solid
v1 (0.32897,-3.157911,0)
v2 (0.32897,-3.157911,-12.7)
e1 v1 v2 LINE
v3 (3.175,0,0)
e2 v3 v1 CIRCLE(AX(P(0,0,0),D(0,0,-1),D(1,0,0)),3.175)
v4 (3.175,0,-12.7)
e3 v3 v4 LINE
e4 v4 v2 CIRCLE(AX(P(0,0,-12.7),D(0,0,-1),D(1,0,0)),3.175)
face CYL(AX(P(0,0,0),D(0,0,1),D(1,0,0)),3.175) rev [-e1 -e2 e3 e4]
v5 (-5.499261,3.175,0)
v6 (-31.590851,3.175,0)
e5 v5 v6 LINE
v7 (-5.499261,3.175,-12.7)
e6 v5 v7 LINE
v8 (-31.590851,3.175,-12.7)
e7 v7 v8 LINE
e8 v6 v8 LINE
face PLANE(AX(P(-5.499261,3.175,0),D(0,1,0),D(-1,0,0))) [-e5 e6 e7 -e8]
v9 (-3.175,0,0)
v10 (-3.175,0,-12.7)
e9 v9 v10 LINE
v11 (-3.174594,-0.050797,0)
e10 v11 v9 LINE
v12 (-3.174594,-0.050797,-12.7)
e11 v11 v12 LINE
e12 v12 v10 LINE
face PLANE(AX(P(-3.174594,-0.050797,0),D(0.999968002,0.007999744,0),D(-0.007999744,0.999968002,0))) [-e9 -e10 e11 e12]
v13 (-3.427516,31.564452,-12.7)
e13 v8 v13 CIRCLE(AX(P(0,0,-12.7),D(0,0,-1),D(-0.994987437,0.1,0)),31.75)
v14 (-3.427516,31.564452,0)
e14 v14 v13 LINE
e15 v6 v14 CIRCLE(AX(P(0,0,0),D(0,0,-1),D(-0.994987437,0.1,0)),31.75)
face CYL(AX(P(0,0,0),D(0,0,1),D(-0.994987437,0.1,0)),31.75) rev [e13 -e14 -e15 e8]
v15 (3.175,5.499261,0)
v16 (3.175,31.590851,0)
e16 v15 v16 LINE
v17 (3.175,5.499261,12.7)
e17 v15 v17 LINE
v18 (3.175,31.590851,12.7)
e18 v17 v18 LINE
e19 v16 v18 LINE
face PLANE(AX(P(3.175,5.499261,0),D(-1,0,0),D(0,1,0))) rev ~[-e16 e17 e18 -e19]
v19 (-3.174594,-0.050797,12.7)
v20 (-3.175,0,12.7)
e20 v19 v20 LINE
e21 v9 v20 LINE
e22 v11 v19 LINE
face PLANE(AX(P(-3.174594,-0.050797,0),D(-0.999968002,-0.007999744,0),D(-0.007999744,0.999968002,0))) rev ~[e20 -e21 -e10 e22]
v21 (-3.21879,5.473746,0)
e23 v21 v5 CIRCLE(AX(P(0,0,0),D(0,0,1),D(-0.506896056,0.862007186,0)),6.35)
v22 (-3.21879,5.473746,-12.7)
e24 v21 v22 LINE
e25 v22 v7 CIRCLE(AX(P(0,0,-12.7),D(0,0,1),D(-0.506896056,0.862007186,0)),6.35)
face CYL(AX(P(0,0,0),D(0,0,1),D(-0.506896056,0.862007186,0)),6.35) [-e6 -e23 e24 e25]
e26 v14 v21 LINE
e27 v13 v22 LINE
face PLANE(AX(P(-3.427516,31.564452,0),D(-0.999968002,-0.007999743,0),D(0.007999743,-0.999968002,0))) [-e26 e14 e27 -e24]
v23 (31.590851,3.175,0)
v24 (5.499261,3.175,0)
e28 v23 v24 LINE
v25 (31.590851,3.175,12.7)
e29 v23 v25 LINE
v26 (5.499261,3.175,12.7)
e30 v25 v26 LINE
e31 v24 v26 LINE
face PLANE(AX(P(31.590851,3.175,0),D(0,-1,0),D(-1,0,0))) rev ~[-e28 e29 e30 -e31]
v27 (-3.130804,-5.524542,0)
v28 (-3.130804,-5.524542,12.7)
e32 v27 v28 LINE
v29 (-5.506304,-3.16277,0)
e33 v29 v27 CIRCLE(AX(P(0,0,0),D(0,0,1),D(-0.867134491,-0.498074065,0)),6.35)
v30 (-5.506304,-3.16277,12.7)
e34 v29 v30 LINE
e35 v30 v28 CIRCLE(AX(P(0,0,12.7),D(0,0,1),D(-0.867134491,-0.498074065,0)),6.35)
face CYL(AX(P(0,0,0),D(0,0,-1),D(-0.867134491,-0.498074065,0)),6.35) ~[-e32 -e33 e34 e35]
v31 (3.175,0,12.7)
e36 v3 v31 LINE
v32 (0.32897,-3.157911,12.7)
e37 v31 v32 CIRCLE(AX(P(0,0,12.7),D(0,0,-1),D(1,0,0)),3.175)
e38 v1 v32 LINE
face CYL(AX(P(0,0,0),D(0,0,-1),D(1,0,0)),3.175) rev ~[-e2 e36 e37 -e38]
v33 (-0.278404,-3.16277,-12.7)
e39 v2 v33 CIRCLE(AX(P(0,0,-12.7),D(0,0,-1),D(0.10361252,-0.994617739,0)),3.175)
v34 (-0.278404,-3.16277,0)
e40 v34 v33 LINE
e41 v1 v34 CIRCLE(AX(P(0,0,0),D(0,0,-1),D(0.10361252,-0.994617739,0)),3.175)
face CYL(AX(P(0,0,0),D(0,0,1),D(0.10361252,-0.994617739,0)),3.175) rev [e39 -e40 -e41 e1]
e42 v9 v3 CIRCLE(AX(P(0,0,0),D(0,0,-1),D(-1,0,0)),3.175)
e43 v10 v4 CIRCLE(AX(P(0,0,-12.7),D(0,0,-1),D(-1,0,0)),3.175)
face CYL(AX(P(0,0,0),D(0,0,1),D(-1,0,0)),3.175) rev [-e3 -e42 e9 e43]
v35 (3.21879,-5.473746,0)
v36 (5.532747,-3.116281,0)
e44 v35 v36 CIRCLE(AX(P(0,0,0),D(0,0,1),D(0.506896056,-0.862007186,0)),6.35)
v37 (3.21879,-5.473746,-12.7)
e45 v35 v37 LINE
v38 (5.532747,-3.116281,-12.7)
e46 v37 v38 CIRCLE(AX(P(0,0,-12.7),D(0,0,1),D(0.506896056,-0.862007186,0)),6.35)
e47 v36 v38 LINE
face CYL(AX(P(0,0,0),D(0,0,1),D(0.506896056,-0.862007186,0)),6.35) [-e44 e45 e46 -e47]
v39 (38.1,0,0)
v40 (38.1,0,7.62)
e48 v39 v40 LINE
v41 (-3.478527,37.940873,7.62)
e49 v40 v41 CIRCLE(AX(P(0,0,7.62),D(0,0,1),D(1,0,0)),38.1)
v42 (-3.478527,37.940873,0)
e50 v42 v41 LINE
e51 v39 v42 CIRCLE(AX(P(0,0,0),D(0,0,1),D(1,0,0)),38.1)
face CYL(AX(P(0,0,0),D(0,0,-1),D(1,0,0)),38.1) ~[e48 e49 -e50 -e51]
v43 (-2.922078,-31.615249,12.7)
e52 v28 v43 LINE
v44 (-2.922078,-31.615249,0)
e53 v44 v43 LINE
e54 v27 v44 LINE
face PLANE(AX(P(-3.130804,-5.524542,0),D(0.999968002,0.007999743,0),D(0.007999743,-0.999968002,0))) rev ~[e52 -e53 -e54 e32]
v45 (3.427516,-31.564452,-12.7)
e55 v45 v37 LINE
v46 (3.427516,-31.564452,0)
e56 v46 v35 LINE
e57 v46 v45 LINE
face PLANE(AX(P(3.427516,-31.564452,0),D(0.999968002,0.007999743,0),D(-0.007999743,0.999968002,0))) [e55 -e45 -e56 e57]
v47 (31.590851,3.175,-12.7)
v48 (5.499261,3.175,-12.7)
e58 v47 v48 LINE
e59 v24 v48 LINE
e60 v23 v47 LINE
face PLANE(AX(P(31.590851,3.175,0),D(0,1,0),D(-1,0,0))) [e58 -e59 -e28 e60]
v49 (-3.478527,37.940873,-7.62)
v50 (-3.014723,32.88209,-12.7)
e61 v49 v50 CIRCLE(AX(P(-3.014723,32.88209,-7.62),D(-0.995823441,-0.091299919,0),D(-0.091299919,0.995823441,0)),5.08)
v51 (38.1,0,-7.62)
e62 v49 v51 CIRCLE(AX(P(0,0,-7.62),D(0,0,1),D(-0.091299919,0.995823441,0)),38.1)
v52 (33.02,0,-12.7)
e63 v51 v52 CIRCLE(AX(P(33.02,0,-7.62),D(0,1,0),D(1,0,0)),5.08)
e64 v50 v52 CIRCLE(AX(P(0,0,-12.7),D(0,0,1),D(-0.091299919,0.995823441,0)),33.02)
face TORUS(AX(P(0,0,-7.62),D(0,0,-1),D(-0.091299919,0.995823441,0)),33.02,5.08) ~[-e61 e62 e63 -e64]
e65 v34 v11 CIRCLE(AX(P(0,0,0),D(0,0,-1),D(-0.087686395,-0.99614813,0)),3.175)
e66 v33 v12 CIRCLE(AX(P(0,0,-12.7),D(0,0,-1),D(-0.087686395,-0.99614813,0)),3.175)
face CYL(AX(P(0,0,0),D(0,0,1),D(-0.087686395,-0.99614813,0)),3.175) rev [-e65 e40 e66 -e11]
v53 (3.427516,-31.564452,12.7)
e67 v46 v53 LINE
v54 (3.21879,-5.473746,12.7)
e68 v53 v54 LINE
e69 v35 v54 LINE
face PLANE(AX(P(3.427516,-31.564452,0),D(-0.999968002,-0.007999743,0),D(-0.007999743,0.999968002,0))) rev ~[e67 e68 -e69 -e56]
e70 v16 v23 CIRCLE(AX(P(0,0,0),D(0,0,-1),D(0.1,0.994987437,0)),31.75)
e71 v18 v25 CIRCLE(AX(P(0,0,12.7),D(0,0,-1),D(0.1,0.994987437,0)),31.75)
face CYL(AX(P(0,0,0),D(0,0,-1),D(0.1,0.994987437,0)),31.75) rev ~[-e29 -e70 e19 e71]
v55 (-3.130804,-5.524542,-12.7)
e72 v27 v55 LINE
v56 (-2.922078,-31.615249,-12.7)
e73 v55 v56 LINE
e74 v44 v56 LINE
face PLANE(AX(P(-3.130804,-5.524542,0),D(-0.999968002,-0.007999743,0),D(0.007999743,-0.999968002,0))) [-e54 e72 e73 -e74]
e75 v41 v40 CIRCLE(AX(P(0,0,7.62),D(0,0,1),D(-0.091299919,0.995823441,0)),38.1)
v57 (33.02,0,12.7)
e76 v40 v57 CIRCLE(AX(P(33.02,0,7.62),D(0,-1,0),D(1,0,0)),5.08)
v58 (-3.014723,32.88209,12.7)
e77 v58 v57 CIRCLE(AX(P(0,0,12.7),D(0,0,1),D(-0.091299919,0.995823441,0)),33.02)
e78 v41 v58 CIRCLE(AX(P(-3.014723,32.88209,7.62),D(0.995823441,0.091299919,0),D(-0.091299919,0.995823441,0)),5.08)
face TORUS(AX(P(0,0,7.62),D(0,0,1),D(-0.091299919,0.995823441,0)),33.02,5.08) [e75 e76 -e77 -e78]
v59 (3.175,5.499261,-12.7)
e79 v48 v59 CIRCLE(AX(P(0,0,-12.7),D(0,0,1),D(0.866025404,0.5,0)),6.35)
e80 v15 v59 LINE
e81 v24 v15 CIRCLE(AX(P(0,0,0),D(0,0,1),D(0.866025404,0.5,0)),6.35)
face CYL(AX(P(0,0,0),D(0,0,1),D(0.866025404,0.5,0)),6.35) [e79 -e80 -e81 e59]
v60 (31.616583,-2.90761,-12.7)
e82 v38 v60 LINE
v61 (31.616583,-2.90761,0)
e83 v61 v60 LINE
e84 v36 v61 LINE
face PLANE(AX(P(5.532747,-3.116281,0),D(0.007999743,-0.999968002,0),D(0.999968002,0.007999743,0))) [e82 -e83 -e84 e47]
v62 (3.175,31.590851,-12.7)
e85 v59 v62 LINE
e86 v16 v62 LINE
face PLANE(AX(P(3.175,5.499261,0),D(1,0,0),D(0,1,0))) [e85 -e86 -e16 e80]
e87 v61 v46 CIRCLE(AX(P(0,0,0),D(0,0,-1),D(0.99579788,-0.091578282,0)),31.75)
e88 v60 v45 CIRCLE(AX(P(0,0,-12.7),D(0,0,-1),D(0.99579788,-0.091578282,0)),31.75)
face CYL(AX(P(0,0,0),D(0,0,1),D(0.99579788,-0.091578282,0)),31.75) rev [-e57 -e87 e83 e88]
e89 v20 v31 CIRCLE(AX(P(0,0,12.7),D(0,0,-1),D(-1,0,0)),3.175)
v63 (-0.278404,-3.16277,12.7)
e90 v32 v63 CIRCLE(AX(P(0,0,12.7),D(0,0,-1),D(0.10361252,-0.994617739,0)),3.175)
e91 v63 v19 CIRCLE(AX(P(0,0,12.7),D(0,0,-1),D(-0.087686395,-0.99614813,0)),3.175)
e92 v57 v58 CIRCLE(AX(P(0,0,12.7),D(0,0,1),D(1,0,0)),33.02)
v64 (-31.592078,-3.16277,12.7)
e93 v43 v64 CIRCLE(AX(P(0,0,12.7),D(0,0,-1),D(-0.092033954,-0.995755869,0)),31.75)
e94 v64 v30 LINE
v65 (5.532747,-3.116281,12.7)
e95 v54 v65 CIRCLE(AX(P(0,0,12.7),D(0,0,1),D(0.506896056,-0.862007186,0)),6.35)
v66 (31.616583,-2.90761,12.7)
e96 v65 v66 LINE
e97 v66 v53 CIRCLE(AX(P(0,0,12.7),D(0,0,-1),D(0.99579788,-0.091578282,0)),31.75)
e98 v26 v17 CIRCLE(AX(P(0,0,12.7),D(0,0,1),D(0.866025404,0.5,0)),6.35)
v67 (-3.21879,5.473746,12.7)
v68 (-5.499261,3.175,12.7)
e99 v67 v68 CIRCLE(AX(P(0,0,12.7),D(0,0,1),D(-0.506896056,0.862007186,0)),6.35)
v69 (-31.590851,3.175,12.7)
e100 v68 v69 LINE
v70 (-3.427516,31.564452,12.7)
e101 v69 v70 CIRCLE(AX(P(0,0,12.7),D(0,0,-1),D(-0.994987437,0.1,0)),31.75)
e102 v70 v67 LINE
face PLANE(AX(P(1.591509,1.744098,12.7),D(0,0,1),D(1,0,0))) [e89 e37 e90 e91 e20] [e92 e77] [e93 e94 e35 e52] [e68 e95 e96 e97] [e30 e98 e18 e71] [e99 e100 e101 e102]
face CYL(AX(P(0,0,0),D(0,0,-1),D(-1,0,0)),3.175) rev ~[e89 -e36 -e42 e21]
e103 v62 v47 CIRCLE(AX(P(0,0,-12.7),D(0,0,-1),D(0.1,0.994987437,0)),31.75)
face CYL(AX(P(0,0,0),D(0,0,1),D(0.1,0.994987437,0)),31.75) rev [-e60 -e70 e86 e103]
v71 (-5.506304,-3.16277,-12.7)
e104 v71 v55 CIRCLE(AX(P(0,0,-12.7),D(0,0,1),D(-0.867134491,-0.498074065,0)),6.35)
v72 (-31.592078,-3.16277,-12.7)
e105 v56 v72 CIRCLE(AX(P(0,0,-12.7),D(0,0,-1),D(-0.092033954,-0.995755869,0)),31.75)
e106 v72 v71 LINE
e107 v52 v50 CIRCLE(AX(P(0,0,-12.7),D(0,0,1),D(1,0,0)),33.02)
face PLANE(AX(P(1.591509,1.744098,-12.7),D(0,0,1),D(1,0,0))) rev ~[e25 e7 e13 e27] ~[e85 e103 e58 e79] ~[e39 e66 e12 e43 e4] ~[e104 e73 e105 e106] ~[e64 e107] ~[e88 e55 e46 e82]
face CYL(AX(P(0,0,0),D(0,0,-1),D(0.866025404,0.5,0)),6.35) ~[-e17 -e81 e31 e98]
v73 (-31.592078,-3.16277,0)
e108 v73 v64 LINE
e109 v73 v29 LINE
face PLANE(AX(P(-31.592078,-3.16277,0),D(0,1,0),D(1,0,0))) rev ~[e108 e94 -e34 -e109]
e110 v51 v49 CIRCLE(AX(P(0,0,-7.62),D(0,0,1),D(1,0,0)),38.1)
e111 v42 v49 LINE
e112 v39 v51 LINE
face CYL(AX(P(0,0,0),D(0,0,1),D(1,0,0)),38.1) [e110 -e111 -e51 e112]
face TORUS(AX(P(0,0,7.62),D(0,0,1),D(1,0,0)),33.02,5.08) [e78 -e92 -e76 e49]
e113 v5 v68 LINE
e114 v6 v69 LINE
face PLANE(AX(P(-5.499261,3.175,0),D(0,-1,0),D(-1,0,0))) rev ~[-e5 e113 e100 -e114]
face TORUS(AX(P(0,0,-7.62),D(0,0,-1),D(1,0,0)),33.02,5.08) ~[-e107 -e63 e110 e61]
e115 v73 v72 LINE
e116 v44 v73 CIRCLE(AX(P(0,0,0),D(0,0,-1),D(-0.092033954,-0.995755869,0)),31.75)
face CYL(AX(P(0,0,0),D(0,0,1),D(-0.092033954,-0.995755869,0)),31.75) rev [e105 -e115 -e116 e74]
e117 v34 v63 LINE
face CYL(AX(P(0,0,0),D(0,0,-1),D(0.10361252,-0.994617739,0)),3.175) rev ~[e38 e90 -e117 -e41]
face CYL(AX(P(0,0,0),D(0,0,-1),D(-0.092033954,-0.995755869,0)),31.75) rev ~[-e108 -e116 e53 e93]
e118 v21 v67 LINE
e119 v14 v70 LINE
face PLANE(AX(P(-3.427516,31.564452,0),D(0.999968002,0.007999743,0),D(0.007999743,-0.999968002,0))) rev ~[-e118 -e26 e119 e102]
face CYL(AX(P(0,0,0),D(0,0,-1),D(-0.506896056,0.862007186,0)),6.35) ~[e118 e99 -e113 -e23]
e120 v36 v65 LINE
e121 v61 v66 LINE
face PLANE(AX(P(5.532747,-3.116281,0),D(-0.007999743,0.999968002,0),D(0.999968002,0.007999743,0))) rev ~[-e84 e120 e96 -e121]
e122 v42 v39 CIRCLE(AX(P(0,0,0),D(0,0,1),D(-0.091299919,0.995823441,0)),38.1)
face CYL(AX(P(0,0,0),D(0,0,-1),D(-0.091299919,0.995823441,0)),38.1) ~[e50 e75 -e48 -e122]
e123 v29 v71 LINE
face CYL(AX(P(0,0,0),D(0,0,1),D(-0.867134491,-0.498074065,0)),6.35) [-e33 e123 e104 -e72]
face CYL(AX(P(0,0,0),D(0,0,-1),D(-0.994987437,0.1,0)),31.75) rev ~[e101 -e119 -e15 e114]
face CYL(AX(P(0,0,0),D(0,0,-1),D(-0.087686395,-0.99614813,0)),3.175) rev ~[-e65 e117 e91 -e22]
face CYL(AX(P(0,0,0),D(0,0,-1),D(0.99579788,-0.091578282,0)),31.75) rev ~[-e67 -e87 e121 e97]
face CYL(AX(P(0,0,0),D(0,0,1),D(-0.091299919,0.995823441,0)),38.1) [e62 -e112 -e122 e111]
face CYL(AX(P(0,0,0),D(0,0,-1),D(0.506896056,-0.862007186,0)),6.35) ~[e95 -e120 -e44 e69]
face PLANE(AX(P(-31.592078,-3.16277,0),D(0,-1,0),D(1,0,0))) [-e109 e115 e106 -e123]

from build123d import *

# Parameters (mm, degrees)
F1_DEPTH = 12.7
F2_R     = 5.08


with BuildPart() as f1:
    # F0 (on Top) → F1 (new body, symmetric)
    with BuildSketch(Plane.XY):
        with BuildLine():
            ThreePointArc((-3.4785269319, 37.9408730841), (-25.6814925958, -28.1437548677), (38.1, 0))
            ThreePointArc((38.1, 0), (25.6814925958, 28.1437548677), (-3.4785269319, 37.9408730841))
        make_face()
        with BuildLine():
            Line((-31.592077867, -3.1627703114), (-5.5063040197, -3.1627703114))
            ThreePointArc((-5.5063040197, -3.1627703114), (-4.4770971755, -4.5031212377), (-3.1308036687, -5.5245423691))
            Line((-3.1308036687, -5.5245423691), (-2.9220780532, -31.6152488501))
            ThreePointArc((-2.9220780532, -31.6152488501), (-22.364986552, -22.5359685066), (-31.592077867, -3.1627703114))
        make_face(mode=Mode.SUBTRACT)
        with BuildLine():
            Line((3.427515573, -31.5644521099), (3.2187899574, -5.4737456289))
            ThreePointArc((3.2187899574, -5.4737456289), (4.5317502787, -4.4481163892), (5.5327472436, -3.1162811071))
            Line((5.5327472436, -3.1162811071), (31.6165826967, -2.9076104598))
            ThreePointArc((31.6165826967, -2.9076104598), (22.6346161713, -22.2651443017), (3.427515573, -31.5644521099))
        make_face(mode=Mode.SUBTRACT)
        with BuildLine():
            ThreePointArc((-31.5908511281, 3.175), (-22.5402251404, 22.3606965594), (-3.427515573, 31.5644521099))
            Line((-3.427515573, 31.5644521099), (-3.2187899574, 5.4737456289))
            ThreePointArc((-3.2187899574, 5.4737456289), (-4.5080109094, 4.4721737042), (-5.499261314, 3.175))
            Line((-5.499261314, 3.175), (-31.5908511281, 3.175))
        make_face(mode=Mode.SUBTRACT)
        with BuildLine():
            ThreePointArc((-3.175, 0), (0, 3.175), (3.175, 0))
            ThreePointArc((3.175, 0), (2.3585063022, -2.1255759272), (0.3289697497, -3.1579113198))
            ThreePointArc((0.3289697497, -3.1579113198), (0.0253991828, -3.1748984049), (-0.2784043055, -3.1627703114))
            ThreePointArc((-0.2784043055, -3.1627703114), (-2.3241974004, -2.1630375503), (-3.1745936261, -0.0507967402))
            Line((-3.1745936261, -0.0507967402), (-3.175, 0))
        make_face(mode=Mode.SUBTRACT)
        with BuildLine():
            Line((31.5908511281, 3.175), (5.499261314, 3.175))
            ThreePointArc((5.499261314, 3.175), (4.4901280605, 4.4901280605), (3.175, 5.499261314))
            Line((3.175, 5.499261314), (3.175, 31.5908511281))
            ThreePointArc((3.175, 31.5908511281), (22.4506403027, 22.4506403027), (31.5908511281, 3.175))
        make_face(mode=Mode.SUBTRACT)
    extrude(amount=F1_DEPTH, both=True)

    # F2
    f2_edges = [f1.edges().sort_by_distance(p)[0] for p in [
        (-25.681493, -28.143755, 12.7),
        (-25.681493, -28.143755, -12.7),
    ]]
    fillet(f2_edges, radius=F2_R)


solid = f1.part
